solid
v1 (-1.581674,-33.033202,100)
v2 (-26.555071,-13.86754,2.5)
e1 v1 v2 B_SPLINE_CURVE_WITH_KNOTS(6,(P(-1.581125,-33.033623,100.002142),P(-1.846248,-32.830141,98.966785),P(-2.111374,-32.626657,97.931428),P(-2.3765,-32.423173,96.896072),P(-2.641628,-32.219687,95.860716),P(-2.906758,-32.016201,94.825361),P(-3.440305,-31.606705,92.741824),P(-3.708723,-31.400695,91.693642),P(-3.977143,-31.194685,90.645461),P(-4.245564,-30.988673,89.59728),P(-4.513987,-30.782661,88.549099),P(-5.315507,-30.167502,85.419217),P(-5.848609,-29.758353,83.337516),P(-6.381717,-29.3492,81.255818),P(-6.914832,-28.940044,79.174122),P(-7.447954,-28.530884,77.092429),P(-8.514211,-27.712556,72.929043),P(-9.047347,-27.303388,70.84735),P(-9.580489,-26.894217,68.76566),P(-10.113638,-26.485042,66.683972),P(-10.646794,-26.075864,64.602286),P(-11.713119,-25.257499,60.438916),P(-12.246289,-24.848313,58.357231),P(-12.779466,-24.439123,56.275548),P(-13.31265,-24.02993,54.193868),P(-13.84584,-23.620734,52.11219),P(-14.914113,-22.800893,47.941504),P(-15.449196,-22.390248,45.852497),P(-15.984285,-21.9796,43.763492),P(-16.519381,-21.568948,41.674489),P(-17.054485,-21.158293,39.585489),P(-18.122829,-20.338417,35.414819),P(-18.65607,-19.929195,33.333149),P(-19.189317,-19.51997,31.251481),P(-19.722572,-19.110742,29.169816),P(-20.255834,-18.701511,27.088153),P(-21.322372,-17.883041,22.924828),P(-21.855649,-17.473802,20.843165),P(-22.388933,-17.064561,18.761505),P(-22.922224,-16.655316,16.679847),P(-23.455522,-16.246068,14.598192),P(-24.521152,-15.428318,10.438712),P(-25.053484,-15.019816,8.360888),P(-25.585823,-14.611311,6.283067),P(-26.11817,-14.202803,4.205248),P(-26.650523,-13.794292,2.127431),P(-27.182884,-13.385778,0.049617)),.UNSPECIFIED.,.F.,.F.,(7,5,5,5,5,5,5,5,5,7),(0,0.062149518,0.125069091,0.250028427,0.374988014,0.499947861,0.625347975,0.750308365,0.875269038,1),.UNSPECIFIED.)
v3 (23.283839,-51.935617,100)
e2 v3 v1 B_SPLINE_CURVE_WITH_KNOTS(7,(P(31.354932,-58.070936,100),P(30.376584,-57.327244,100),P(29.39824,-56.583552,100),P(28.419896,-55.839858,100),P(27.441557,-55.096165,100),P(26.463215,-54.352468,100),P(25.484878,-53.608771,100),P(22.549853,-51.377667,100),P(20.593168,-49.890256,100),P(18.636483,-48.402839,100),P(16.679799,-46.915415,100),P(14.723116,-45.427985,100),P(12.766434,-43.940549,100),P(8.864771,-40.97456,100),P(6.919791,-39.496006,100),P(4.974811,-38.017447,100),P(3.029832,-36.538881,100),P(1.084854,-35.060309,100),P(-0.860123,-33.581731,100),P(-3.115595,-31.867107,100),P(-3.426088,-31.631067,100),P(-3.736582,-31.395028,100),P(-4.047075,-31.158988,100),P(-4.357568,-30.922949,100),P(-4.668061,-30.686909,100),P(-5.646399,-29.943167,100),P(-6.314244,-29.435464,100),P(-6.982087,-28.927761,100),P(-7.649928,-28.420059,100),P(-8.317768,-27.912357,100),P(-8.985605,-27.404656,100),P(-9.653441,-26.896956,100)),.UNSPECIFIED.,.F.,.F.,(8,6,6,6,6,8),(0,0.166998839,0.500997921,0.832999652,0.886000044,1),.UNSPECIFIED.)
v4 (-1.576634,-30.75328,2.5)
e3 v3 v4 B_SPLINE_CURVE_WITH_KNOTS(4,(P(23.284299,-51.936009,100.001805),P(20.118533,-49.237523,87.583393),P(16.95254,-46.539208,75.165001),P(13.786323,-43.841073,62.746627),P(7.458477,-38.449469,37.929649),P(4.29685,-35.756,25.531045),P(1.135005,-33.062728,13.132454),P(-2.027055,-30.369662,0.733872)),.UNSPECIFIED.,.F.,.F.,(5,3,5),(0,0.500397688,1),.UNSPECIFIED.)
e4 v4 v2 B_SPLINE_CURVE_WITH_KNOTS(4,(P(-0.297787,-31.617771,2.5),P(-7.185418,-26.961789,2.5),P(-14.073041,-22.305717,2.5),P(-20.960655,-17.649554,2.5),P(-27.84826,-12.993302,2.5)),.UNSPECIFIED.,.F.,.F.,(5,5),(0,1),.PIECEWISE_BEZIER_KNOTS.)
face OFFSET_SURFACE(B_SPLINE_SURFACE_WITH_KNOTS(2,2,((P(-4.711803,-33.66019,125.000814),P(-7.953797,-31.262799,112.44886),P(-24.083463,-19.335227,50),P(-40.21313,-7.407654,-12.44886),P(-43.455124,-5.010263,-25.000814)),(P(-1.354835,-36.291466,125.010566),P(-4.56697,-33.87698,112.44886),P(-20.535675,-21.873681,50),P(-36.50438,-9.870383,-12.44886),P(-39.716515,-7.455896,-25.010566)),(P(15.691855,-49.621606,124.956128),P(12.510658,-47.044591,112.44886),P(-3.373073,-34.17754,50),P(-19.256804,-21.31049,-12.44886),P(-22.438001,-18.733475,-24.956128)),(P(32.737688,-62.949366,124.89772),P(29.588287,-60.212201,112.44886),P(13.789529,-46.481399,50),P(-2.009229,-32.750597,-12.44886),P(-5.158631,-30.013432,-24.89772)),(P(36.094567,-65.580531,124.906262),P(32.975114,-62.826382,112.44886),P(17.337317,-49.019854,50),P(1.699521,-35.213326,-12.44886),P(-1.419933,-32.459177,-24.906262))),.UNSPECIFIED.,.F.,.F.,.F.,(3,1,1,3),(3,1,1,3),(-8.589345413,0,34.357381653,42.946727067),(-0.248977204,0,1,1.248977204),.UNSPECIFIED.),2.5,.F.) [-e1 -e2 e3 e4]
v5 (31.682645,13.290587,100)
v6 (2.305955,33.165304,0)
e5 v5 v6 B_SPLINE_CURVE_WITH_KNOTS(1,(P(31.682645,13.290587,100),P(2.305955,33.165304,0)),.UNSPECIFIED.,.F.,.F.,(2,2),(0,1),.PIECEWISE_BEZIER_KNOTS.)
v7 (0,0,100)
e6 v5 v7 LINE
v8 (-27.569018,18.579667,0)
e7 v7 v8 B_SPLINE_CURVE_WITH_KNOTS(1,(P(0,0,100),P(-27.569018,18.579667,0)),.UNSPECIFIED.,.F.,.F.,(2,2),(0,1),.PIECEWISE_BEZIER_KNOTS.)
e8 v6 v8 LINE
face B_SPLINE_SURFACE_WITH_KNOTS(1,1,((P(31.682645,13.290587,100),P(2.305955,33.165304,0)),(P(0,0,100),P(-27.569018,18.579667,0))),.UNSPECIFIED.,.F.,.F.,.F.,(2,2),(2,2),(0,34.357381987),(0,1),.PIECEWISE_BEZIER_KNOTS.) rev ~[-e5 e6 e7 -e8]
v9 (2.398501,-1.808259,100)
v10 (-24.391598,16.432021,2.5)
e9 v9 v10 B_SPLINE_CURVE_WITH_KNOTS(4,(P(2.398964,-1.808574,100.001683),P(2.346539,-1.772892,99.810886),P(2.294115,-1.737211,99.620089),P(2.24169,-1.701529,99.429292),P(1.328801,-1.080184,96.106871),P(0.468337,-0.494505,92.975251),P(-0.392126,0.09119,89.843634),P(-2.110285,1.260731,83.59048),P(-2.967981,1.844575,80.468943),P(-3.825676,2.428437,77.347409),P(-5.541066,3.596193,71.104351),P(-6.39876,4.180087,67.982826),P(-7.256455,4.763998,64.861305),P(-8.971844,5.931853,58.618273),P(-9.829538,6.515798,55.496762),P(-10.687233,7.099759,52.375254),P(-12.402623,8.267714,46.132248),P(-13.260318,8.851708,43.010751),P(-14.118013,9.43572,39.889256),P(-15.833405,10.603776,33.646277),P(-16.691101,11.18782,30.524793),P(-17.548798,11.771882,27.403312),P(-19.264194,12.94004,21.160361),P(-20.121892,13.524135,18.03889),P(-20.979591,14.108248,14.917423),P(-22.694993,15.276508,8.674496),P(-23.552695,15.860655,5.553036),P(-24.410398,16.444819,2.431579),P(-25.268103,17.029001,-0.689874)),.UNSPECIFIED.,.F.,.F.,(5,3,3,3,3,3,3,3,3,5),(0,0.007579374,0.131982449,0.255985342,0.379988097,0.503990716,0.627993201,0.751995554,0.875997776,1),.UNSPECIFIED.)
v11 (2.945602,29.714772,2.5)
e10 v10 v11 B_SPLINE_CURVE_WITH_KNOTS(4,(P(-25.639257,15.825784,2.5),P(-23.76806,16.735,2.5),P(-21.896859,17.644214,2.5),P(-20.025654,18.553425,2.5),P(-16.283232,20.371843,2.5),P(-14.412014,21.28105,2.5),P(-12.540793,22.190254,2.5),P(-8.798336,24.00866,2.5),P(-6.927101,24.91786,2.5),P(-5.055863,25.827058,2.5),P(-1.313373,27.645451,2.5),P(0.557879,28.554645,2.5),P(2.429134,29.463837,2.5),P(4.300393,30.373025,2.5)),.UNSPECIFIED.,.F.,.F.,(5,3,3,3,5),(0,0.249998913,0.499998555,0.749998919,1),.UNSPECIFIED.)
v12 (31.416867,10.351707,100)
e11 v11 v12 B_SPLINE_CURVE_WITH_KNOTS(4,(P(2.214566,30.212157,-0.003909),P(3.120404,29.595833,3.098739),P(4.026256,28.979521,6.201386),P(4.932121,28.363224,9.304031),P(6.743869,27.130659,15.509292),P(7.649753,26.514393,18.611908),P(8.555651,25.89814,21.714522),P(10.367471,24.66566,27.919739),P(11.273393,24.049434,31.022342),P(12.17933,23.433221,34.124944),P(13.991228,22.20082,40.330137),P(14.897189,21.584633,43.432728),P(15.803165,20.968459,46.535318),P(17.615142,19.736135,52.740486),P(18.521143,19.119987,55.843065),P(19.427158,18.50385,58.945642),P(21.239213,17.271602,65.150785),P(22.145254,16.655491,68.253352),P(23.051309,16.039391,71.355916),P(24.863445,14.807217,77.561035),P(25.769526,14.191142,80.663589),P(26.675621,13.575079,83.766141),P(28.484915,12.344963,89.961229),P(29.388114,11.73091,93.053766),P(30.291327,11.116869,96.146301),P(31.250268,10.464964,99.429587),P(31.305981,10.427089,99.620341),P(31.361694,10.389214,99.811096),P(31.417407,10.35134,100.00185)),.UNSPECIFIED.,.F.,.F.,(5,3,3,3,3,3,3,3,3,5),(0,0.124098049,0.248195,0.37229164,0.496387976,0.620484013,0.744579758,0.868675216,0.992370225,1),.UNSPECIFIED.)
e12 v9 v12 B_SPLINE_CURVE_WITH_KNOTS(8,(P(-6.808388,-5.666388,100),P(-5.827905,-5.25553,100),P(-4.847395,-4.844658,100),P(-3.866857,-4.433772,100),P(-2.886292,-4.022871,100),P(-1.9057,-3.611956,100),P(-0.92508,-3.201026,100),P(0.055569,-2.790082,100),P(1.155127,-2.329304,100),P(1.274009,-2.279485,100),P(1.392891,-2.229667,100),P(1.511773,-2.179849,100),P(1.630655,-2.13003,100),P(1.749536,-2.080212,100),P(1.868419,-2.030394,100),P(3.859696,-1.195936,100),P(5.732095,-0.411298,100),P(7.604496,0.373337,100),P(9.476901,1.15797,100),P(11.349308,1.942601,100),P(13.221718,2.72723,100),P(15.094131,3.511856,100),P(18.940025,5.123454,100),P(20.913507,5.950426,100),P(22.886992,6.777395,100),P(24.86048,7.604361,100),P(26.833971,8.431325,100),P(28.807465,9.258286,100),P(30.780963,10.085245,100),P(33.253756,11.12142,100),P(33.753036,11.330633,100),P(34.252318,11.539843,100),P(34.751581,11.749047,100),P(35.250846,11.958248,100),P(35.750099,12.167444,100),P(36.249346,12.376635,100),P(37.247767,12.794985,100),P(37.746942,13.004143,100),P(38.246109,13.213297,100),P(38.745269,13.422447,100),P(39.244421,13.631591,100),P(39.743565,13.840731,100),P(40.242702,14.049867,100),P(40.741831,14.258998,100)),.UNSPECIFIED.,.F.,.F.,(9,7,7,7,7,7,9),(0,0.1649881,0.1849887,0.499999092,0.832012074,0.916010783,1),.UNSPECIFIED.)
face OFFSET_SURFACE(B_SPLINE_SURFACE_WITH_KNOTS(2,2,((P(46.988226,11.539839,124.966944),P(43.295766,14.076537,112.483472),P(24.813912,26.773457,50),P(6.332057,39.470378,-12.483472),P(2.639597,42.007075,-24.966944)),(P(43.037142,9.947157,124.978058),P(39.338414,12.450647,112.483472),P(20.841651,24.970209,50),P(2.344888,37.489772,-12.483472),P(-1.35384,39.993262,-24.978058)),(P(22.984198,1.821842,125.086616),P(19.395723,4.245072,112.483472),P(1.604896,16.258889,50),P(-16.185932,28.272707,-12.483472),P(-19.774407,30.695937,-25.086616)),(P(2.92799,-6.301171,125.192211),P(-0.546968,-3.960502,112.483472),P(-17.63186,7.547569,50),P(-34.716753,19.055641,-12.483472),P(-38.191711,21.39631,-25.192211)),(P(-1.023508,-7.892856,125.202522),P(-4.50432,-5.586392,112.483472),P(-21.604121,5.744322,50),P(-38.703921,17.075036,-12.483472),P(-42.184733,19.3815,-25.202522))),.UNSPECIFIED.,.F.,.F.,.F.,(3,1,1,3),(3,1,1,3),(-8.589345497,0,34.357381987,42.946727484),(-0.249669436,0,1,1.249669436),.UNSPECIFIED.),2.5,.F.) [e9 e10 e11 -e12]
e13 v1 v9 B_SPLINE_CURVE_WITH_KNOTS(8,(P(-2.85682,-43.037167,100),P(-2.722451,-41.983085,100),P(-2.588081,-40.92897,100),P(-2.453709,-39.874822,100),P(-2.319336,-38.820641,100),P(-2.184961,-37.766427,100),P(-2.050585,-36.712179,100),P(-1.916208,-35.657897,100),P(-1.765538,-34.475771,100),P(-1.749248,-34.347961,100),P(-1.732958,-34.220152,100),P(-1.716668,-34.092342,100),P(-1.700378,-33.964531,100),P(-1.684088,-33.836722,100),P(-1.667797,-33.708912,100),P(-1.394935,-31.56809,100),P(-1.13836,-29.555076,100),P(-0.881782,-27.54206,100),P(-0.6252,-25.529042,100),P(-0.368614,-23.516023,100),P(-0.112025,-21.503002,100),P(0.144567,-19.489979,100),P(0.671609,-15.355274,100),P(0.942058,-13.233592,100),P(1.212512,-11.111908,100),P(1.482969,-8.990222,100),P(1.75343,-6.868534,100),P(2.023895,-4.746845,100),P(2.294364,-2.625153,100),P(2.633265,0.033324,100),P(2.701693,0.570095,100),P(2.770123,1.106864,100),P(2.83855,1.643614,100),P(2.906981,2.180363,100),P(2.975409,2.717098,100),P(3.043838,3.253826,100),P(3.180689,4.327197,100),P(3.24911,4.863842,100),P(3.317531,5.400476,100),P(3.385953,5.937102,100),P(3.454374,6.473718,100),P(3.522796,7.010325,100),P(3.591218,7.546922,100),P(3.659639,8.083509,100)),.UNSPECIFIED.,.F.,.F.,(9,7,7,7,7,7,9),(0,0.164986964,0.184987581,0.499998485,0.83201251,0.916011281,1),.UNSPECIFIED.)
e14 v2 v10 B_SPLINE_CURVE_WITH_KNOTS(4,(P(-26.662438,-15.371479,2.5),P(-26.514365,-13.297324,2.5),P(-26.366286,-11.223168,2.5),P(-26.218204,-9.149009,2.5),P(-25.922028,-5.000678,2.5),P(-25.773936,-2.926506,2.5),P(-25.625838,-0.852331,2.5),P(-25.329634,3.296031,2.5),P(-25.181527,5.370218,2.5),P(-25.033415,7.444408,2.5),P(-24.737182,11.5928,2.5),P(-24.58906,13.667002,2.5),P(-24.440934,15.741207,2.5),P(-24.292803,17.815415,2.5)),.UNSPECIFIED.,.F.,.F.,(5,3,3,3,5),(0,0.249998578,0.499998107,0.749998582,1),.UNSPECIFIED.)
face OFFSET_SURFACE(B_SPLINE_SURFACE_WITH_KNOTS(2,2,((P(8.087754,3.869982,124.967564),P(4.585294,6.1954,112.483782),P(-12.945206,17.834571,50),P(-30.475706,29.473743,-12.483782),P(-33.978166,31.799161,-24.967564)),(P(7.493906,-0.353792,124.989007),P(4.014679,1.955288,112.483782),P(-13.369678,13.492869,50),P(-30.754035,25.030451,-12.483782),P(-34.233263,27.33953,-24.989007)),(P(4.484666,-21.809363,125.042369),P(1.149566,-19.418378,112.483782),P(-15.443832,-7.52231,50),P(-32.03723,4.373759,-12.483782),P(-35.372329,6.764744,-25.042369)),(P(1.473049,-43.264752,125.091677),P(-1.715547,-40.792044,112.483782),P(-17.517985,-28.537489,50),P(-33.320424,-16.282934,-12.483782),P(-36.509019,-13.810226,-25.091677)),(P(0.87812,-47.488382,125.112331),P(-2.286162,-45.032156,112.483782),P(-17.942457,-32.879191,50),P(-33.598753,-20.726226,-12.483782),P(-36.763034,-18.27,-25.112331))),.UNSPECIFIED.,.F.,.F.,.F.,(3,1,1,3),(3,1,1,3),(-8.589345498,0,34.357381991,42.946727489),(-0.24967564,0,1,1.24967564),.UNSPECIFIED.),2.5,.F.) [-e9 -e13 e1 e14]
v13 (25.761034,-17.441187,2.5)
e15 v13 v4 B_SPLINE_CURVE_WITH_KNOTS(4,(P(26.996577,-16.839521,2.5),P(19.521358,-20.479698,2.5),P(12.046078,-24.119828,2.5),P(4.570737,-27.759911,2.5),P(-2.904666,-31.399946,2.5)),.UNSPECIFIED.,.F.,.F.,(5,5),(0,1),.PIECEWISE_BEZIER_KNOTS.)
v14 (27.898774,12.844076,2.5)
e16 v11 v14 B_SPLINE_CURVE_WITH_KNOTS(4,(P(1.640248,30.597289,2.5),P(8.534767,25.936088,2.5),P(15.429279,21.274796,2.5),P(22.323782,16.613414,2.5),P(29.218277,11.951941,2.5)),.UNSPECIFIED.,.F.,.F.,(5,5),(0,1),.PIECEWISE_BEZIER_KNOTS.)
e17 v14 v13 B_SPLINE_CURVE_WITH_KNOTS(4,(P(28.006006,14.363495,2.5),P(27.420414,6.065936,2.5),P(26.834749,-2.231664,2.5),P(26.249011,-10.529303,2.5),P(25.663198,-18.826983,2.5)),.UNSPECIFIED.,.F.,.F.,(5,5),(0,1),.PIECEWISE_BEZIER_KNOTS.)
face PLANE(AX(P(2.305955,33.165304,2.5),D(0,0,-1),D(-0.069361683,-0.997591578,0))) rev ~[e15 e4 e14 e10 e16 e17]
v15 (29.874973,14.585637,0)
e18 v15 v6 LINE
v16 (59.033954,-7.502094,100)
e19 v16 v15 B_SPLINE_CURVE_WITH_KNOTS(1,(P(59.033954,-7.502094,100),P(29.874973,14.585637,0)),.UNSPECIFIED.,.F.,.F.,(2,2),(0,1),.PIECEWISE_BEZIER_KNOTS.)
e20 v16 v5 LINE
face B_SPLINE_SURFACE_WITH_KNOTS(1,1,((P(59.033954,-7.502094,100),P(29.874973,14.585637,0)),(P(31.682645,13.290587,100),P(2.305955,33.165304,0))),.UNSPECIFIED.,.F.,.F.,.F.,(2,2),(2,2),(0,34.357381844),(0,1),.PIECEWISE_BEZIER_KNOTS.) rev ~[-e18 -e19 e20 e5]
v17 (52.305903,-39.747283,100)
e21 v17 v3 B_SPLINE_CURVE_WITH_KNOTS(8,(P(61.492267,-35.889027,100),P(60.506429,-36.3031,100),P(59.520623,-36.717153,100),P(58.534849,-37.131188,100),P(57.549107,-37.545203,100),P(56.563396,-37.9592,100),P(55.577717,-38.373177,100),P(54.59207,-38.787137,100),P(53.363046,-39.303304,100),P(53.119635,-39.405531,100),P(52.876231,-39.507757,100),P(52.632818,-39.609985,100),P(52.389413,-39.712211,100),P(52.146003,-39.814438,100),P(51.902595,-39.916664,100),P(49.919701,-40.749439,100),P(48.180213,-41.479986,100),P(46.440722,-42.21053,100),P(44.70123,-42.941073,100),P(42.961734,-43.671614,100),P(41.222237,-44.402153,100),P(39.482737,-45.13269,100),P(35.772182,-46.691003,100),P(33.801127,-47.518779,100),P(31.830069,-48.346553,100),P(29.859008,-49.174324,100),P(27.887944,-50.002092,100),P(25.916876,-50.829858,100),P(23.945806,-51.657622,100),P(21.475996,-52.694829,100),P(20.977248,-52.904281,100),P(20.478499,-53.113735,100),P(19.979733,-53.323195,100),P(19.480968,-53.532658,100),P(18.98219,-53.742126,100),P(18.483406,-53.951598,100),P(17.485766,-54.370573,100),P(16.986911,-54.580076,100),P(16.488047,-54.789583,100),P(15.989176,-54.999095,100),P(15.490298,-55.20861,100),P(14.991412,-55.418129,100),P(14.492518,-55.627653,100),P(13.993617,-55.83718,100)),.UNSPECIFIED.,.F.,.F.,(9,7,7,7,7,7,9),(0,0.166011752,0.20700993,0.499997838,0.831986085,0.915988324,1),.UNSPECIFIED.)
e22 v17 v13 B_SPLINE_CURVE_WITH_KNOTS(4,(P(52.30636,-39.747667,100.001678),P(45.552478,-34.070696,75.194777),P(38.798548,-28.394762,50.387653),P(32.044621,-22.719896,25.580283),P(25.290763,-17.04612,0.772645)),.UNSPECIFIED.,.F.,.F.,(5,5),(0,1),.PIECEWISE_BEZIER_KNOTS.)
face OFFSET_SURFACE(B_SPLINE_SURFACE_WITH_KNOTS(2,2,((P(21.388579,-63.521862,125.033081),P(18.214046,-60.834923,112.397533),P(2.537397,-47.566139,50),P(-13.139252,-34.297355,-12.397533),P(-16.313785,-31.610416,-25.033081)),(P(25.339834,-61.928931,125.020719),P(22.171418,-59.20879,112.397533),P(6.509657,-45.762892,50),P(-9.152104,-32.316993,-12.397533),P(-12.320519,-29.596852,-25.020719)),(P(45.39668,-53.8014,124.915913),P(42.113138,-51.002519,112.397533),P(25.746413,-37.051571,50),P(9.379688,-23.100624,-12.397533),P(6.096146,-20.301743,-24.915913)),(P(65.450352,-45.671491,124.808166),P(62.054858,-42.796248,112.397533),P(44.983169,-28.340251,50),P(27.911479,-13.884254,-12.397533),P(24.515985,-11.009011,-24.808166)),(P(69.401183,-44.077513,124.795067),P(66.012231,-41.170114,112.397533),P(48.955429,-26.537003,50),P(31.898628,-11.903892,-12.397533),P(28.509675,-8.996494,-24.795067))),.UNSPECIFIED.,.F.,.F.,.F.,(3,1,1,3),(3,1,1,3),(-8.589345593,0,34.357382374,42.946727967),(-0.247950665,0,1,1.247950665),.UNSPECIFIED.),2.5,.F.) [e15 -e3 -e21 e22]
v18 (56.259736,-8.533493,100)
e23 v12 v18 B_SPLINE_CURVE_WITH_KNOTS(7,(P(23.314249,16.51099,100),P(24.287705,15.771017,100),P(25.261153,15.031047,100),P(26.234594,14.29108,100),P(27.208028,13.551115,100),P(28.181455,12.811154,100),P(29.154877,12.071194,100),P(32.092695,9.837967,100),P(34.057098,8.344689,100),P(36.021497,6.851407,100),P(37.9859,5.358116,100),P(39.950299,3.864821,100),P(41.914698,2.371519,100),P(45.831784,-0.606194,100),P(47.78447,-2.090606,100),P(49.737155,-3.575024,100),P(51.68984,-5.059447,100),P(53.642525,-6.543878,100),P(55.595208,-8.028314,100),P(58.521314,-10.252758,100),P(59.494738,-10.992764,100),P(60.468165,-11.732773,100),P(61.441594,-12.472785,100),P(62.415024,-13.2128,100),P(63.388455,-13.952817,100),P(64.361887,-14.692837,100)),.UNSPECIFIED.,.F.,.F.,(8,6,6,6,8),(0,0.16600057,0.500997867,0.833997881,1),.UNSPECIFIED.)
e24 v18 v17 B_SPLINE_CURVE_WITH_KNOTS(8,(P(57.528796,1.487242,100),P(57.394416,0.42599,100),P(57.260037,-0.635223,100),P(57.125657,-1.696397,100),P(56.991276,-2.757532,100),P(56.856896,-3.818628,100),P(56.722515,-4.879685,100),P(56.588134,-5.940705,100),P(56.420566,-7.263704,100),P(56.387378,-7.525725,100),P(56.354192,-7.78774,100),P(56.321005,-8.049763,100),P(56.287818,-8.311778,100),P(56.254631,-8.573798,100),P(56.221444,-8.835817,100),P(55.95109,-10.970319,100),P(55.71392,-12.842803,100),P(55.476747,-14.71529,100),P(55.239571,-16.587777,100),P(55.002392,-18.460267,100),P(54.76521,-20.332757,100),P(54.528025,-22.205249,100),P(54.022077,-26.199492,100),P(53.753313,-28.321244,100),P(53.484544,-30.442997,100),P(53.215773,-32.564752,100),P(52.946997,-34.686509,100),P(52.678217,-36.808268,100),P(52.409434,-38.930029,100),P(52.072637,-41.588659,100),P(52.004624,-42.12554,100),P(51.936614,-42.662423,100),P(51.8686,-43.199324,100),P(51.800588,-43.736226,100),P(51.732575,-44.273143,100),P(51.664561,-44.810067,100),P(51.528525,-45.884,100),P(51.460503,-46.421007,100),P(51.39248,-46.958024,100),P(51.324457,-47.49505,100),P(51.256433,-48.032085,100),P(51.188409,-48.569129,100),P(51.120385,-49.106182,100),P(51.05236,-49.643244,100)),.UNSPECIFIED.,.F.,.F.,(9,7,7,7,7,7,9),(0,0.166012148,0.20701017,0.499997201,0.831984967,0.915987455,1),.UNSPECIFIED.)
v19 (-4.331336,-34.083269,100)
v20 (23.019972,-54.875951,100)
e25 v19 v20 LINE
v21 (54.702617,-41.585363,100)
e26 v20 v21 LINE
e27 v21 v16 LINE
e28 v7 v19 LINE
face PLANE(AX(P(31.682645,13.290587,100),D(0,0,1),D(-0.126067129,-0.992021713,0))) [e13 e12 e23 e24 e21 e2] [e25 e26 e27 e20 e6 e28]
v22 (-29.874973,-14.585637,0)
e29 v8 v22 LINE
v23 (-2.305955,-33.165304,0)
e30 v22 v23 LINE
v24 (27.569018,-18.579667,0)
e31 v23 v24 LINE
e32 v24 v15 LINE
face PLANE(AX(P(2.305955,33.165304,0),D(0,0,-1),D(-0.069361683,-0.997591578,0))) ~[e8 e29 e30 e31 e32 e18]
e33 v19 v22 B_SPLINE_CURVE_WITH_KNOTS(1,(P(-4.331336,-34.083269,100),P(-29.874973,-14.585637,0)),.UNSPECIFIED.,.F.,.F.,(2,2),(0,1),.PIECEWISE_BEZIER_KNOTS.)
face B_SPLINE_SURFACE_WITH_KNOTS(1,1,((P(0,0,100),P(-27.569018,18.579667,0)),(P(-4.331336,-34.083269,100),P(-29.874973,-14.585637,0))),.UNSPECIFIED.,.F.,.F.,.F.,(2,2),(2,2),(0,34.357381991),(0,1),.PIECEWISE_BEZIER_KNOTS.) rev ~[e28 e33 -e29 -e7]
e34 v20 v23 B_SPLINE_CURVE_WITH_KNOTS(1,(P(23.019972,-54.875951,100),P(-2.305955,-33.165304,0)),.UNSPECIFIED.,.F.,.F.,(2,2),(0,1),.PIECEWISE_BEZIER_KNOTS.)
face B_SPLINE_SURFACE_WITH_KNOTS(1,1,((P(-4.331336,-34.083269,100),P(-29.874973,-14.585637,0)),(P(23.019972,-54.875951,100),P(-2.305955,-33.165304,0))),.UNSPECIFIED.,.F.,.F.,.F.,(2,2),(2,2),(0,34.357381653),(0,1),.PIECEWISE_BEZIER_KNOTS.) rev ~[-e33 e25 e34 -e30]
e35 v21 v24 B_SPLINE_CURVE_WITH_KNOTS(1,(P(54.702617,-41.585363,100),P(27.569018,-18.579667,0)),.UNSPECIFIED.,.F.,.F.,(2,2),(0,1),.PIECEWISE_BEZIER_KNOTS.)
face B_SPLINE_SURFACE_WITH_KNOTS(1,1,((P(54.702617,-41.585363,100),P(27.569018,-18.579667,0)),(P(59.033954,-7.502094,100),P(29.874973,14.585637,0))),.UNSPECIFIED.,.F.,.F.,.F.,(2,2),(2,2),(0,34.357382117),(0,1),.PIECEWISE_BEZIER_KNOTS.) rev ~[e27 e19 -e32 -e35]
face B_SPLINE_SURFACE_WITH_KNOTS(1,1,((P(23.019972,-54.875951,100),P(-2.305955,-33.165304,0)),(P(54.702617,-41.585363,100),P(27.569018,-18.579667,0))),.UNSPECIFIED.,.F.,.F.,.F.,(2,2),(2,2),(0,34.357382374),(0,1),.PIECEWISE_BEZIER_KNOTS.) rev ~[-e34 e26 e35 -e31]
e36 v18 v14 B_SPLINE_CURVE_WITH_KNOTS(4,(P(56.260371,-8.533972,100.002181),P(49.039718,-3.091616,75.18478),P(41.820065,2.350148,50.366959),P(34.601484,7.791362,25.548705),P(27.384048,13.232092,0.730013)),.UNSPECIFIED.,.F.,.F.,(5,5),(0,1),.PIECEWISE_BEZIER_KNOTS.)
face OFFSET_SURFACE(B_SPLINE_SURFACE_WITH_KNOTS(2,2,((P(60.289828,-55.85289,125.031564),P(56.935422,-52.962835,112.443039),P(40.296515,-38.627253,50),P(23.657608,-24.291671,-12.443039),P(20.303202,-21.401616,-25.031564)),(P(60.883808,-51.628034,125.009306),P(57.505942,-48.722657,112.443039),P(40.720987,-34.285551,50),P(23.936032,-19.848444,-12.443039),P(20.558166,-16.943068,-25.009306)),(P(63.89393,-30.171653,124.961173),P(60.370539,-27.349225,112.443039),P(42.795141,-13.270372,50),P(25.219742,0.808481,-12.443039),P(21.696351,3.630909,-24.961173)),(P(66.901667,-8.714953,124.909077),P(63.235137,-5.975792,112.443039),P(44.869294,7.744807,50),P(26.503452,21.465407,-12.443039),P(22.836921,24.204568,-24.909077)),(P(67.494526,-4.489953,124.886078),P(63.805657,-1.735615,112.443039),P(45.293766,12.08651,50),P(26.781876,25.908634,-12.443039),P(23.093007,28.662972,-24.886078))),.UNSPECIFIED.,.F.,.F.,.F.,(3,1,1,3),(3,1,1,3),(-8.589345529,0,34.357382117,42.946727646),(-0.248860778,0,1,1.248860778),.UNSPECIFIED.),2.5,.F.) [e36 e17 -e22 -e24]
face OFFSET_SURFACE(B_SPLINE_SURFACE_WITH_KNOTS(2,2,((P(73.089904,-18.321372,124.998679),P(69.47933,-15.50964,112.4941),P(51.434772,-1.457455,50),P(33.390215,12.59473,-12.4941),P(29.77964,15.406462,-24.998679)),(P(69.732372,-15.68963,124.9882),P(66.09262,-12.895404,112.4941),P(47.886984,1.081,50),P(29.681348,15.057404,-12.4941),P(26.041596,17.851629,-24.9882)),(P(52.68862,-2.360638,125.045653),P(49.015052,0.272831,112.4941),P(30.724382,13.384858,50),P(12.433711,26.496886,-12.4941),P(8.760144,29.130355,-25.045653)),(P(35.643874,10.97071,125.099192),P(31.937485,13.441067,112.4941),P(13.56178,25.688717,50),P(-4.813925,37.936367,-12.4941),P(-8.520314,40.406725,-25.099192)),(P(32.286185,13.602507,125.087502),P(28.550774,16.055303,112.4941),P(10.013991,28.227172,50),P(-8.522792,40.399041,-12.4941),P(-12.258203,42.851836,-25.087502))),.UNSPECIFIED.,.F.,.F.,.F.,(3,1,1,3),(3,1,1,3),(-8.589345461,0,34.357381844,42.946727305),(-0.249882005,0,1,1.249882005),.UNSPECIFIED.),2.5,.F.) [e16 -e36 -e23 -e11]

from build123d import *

# Parameters (mm, degrees)
F4_T = -2.5


with BuildPart() as f3:
    # F2 (on offset) → F3 section 0
    with BuildSketch(Plane.XY.offset(100)):
        Polygon((31.682645, 13.290587), (0, 0), (-4.331336, -34.083269), (23.019972, -54.875951), (54.702617, -41.585363), (59.033954, -7.502094), align=None)
    # F1 (on Top) → F3 section 1
    with BuildSketch(Plane.XY):
        Polygon((-27.569018, 18.579667), (-29.874973, -14.585637), (-2.305955, -33.165304), (27.569018, -18.579667), (29.874973, 14.585637), (2.305955, 33.165304), align=None)
    loft()

    # F4
    f4_openings = [f3.faces().sort_by_distance(p)[0] for p in [
        (27.351309, -20.792682, 100),
    ]]
    offset(amount=F4_T, openings=f4_openings)


solid = f3.part
